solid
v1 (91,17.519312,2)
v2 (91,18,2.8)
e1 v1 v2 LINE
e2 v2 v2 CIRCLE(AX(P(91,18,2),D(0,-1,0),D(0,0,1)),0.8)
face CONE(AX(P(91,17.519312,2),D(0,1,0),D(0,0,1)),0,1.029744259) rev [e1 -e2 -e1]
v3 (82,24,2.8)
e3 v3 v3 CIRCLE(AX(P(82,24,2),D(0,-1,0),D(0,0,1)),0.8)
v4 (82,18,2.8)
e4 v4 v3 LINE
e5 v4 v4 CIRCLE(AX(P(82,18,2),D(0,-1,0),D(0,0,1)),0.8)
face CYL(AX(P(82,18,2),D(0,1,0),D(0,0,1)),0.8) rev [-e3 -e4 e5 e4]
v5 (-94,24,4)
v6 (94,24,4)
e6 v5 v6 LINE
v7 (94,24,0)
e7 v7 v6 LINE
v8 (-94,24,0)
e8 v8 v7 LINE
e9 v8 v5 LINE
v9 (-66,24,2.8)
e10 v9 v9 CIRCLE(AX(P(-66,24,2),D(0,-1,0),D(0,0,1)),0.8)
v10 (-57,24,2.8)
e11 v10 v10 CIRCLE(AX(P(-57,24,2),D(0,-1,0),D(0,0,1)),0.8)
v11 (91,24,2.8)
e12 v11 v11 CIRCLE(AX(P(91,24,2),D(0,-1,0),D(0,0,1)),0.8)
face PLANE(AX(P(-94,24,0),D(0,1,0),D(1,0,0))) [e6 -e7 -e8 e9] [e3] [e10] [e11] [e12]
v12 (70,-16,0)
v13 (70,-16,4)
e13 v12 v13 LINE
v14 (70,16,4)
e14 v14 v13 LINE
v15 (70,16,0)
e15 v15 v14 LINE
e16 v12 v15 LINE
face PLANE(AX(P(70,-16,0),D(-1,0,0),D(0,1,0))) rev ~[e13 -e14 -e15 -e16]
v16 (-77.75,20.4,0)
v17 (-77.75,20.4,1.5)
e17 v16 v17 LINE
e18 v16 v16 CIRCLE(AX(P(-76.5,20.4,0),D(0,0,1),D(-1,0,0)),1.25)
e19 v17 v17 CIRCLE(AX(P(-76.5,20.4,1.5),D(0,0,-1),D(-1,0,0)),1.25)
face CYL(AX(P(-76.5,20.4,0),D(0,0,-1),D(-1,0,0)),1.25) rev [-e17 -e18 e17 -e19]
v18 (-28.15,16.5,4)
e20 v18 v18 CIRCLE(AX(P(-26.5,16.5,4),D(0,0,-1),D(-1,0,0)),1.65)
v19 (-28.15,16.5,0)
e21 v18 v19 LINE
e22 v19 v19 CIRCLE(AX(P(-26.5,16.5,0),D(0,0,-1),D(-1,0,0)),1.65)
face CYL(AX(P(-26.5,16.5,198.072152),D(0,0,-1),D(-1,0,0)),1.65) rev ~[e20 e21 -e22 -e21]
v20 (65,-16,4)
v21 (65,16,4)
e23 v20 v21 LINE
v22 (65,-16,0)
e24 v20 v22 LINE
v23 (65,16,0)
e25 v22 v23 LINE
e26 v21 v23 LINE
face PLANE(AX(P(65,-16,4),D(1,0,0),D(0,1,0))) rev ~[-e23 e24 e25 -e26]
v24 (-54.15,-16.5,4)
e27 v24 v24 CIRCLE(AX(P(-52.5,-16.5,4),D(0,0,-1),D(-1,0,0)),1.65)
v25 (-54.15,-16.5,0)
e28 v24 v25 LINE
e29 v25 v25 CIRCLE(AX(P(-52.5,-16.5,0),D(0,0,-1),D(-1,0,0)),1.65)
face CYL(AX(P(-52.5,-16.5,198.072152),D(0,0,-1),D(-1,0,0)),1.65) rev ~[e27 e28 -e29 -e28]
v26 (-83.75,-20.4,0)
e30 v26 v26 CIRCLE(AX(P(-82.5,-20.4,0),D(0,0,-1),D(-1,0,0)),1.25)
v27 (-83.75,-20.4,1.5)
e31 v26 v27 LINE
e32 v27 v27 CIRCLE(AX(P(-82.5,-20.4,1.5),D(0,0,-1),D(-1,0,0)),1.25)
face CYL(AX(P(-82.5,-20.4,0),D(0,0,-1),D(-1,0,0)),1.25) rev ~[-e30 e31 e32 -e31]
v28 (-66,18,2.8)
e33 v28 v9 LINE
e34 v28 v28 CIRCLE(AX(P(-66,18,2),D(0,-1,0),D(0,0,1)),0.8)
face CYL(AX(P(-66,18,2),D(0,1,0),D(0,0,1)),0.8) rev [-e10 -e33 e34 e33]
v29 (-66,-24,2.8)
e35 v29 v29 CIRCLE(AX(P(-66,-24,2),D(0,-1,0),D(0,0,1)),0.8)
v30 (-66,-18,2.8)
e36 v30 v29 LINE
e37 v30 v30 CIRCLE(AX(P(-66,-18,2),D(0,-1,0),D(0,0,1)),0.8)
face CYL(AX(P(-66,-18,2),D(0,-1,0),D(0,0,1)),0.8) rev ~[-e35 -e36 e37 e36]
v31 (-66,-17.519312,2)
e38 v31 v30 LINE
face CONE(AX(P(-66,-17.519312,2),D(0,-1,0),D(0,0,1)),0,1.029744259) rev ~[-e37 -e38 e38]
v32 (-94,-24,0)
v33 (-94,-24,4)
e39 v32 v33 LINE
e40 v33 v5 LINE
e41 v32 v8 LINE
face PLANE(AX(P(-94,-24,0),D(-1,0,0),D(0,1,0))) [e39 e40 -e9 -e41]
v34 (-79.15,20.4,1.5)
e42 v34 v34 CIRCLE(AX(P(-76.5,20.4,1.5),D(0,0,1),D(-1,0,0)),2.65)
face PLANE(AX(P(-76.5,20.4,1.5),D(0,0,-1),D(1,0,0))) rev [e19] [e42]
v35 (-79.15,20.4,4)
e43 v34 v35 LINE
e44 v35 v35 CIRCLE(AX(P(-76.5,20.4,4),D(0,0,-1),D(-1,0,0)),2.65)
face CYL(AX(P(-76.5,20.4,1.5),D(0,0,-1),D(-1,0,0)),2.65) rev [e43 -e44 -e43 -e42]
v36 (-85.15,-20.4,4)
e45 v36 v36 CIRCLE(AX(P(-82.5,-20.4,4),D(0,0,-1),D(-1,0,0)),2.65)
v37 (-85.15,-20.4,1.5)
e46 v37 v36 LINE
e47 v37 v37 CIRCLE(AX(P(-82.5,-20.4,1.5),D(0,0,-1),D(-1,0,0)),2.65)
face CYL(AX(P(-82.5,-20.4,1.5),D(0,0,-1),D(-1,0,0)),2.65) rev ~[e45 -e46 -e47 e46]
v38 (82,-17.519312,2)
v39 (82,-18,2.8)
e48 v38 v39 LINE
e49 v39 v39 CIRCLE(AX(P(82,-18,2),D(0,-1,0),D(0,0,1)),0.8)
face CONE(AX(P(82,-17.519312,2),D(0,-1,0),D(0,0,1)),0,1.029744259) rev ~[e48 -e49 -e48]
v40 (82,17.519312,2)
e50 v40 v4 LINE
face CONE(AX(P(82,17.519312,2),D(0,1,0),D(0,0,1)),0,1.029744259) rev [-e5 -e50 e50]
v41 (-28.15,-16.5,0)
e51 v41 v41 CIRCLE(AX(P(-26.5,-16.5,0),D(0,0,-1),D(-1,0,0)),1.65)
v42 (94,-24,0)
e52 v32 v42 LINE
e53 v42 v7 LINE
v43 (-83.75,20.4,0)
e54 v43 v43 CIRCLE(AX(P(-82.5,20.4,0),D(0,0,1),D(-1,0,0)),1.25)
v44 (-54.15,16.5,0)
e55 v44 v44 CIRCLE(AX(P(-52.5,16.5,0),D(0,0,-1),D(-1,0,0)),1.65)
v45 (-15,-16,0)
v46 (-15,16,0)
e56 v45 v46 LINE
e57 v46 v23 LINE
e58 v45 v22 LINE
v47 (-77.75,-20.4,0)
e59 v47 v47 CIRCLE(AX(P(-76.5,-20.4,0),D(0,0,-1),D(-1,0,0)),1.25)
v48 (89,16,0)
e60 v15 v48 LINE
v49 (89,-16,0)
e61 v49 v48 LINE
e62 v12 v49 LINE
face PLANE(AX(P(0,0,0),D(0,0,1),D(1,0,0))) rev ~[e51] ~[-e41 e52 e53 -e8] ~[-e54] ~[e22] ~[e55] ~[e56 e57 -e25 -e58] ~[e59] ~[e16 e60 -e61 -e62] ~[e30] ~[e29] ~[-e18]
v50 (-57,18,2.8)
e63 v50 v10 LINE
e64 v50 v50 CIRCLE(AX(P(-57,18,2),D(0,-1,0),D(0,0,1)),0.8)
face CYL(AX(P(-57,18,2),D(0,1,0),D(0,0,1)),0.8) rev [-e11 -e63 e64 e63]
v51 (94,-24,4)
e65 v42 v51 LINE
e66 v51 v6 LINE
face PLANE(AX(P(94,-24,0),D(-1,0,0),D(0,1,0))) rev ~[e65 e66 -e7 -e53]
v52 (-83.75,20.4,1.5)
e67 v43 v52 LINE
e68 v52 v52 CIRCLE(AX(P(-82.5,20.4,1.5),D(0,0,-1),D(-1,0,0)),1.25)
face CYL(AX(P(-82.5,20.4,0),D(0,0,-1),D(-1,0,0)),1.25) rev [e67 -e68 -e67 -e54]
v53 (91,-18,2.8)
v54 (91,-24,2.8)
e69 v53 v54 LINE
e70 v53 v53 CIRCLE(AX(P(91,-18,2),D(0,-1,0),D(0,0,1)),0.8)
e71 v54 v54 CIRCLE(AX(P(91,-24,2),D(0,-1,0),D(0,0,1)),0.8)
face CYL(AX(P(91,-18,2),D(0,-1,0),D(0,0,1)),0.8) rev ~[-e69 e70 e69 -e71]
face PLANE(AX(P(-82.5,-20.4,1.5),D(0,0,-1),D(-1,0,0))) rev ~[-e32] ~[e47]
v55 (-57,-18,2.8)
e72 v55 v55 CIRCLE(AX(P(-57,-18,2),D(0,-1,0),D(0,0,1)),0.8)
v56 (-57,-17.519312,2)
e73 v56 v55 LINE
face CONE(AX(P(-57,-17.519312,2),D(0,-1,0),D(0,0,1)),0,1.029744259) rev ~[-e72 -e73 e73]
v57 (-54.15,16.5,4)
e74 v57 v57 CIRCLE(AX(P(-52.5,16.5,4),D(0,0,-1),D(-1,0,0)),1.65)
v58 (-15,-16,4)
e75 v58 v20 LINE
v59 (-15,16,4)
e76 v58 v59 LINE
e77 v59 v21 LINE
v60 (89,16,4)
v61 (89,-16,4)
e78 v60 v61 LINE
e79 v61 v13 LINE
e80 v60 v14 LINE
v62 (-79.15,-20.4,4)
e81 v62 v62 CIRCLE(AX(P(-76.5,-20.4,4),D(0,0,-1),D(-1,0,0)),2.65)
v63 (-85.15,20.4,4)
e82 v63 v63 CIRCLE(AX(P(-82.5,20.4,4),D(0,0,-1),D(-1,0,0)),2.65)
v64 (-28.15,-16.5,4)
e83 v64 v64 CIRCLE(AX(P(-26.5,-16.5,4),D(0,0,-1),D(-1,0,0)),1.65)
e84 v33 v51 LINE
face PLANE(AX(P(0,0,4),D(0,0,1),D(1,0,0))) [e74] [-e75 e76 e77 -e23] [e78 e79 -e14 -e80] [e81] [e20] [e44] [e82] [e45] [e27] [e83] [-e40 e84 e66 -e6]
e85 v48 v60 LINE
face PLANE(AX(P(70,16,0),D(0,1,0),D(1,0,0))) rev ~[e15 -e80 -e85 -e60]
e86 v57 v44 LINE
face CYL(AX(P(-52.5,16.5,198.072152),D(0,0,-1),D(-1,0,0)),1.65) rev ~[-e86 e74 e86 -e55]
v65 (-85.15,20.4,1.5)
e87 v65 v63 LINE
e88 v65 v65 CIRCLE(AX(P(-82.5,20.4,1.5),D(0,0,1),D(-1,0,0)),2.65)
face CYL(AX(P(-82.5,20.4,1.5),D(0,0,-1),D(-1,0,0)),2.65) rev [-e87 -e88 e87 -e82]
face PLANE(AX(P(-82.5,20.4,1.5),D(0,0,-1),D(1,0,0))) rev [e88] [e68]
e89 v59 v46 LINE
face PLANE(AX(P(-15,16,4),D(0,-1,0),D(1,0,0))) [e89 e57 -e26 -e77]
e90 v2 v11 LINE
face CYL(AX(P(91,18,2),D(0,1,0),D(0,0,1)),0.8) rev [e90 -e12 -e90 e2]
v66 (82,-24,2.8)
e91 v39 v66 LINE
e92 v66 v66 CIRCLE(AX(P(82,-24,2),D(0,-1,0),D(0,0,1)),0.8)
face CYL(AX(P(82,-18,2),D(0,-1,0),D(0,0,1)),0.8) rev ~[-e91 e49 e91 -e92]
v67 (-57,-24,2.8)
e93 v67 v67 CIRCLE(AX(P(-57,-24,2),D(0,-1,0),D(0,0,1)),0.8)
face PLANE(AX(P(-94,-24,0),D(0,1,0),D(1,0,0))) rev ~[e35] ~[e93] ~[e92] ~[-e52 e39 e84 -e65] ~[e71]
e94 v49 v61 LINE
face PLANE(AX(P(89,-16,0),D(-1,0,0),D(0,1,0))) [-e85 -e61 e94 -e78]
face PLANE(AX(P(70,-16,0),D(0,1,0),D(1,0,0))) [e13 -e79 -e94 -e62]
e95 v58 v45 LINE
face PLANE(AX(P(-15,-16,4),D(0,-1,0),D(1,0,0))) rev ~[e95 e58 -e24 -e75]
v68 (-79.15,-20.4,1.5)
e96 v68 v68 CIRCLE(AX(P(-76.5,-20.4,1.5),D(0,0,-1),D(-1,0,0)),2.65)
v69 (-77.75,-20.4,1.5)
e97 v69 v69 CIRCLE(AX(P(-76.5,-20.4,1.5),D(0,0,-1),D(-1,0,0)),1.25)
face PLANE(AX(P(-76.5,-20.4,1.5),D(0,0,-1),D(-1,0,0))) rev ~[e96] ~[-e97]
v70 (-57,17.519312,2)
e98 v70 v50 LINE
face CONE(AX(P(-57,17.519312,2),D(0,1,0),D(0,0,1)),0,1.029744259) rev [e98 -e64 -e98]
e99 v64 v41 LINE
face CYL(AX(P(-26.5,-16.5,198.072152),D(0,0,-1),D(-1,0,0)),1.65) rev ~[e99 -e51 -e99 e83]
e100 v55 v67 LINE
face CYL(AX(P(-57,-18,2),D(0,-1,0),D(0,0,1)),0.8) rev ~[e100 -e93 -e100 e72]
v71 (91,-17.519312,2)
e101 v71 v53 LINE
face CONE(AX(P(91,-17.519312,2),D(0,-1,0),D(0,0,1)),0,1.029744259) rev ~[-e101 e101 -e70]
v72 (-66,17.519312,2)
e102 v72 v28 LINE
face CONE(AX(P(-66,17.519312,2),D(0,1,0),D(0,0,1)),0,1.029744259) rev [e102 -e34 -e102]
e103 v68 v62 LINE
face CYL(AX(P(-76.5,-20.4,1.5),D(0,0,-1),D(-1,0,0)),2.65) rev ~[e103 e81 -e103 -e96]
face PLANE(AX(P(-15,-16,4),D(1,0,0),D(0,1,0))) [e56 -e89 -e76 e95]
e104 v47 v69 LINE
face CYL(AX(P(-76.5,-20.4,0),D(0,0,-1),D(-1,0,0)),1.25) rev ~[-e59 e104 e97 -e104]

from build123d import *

# Parameters (mm, degrees)
SKETCH1_W                  = 188
SKETCH1_H                  = 48
BOSS_EXTRUDE1_DEPTH        = 4
SKETCH2_R                  = 1.25
CUT_EXTRUDE1_DEPTH         = 4
CUT_EXTRUDE2_START         = -1.5
SKETCH3_R                  = 2.65
CUT_EXTRUDE2_DEPTH         = 10
M2_TAPPED_HOLE1_AT_2_COUNT = 2
M2_TAPPED_HOLE1_AT_2_PITCH = 9
M2_TAPPED_HOLE1_AT_3_COUNT = 2
M2_TAPPED_HOLE1_AT_3_PITCH = 148
M2_TAPPED_HOLE1_AT_4_COUNT = 2
M2_TAPPED_HOLE1_AT_4_PITCH = 157
CUT_EXTRUDE4_DEPTH         = 98.097888752
CUT_EXTRUDE4_DEPTH_BACK    = 4
SKETCH8_W                  = 19
SKETCH8_H                  = 32
SKETCH9_W                  = 80
SKETCH9_H                  = 32
CUT_EXTRUDE5_DEPTH         = 4
M4_TAPPED_HOLE1_D          = 3.3


with BuildPart() as part:
    # Sketch1 → Boss-Extrude1 (new body)
    with BuildSketch(Plane.XY):
        Rectangle(SKETCH1_W, SKETCH1_H)
    extrude(amount=BOSS_EXTRUDE1_DEPTH)

    # Sketch2 → Cut-Extrude1 (cut)
    with BuildSketch(Plane(origin=(0, 0, 0), x_dir=(-1, 0, 0), z_dir=(0, 0, -1))):
        with Locations((76.5, -20.4)):
            Circle(SKETCH2_R)
        with Locations((82.5, -20.4)):
            Circle(SKETCH2_R)
    cut_extrude1 = extrude(amount=-CUT_EXTRUDE1_DEPTH, mode=Mode.SUBTRACT)

    # Sketch3 → Cut-Extrude2 (cut)
    with BuildSketch(Plane(origin=(0, 0, 0), x_dir=(-1, 0, 0), z_dir=(0, 0, -1)).offset(CUT_EXTRUDE2_START)):
        with Locations((76.5, -20.4)):
            Circle(SKETCH3_R)
        with Locations((82.5, -20.4)):
            Circle(SKETCH3_R)
    cut_extrude2 = extrude(amount=-CUT_EXTRUDE2_DEPTH, mode=Mode.SUBTRACT)

    # Mirror1: Cut-Extrude1, Cut-Extrude2 across plane
    add(cut_extrude1.mirror(Plane(origin=(0, 0, 0), x_dir=(0, 0, 1), z_dir=(0, -1, 0))), mode=Mode.SUBTRACT)
    add(cut_extrude2.mirror(Plane(origin=(0, 0, 0), x_dir=(0, 0, 1), z_dir=(0, -1, 0))), mode=Mode.SUBTRACT)

    # Sketch7 → M2 Tapped Hole1 (revolve, cut)
    with BuildSketch(Plane(origin=(-66, 24, 2), x_dir=(0, 0, 1), z_dir=(1, 0, 0))):
        Polygon((0, 0), (0, 6.480688495), (0.8, 6), (0.8, 0), align=None)
    m2_tapped_hole1 = revolve(axis=Axis((-66, 30.35, 2), (0, -1, 0)), mode=Mode.SUBTRACT)

    # M2 Tapped Hole1 at 2: M2 Tapped Hole1 ×2
    with Locations(*[(i * M2_TAPPED_HOLE1_AT_2_PITCH, 0, 0) for i in range(1, M2_TAPPED_HOLE1_AT_2_COUNT)]):
        add(m2_tapped_hole1, mode=Mode.SUBTRACT)

    # M2 Tapped Hole1 at 3: M2 Tapped Hole1 ×2
    with Locations(*[(i * M2_TAPPED_HOLE1_AT_3_PITCH, 0, 0) for i in range(1, M2_TAPPED_HOLE1_AT_3_COUNT)]):
        add(m2_tapped_hole1, mode=Mode.SUBTRACT)

    # M2 Tapped Hole1 at 4: M2 Tapped Hole1 ×2
    with Locations(*[(i * M2_TAPPED_HOLE1_AT_4_PITCH, 0, 0) for i in range(1, M2_TAPPED_HOLE1_AT_4_COUNT)]):
        add(m2_tapped_hole1, mode=Mode.SUBTRACT)

    # Mirror3: M2 Tapped Hole1 across plane
    add(m2_tapped_hole1.mirror(Plane.ZX), mode=Mode.SUBTRACT)

    # Mirror3 copy 1 sketch → Mirror3 copy 1 (revolve, cut)
    with BuildSketch(Plane(origin=(-57, -24, 2), x_dir=(0, 0, 1), z_dir=(1, 0, 0))):
        Polygon((0, 0), (0, -6.480688495), (0.8, -6), (0.8, 0), align=None)
    revolve(axis=Axis((-57, -30.35, 2), (0, -1, 0)), mode=Mode.SUBTRACT)

    # Mirror3 copy 2 sketch → Mirror3 copy 2 (revolve, cut)
    with BuildSketch(Plane(origin=(82, -24, 2), x_dir=(0, 0, 1), z_dir=(1, 0, 0))):
        Polygon((0, 0), (0, -6.480688495), (0.8, -6), (0.8, 0), align=None)
    revolve(axis=Axis((82, -30.35, 2), (0, -1, 0)), mode=Mode.SUBTRACT)

    # Mirror3 copy 3 sketch → Mirror3 copy 3 (revolve, cut)
    with BuildSketch(Plane(origin=(91, -24, 2), x_dir=(0, 0, 1), z_dir=(1, 0, 0))):
        Polygon((0, 0), (0, -6.480688495), (0.8, -6), (0.8, 0), align=None)
    revolve(axis=Axis((91, -30.35, 2), (0, -1, 0)), mode=Mode.SUBTRACT)

    # Sketch8 → Cut-Extrude4 (cut, two sides: drawn at the far end of the back side and taken through both)
    with BuildSketch(Plane.XY.offset(4).offset(-CUT_EXTRUDE4_DEPTH_BACK)):
        with Locations((79.5, 0)):
            Rectangle(SKETCH8_W, SKETCH8_H)
    extrude(amount=CUT_EXTRUDE4_DEPTH + CUT_EXTRUDE4_DEPTH_BACK, mode=Mode.SUBTRACT)

    # Sketch9 → Cut-Extrude5 (cut)
    with BuildSketch(Plane.XY.offset(4)):
        with Locations((25, 0)):
            Rectangle(SKETCH9_W, SKETCH9_H)
    extrude(amount=-CUT_EXTRUDE5_DEPTH, mode=Mode.SUBTRACT)

    # M4 Tapped Hole1 (through all)
    with Locations(Plane.XY.offset(4)):
        with Locations((-52.5, 16.5), (-26.5, 16.5), (-26.5, -16.5), (-52.5, -16.5)):
            Hole(M4_TAPPED_HOLE1_D / 2)


solid = part.part
